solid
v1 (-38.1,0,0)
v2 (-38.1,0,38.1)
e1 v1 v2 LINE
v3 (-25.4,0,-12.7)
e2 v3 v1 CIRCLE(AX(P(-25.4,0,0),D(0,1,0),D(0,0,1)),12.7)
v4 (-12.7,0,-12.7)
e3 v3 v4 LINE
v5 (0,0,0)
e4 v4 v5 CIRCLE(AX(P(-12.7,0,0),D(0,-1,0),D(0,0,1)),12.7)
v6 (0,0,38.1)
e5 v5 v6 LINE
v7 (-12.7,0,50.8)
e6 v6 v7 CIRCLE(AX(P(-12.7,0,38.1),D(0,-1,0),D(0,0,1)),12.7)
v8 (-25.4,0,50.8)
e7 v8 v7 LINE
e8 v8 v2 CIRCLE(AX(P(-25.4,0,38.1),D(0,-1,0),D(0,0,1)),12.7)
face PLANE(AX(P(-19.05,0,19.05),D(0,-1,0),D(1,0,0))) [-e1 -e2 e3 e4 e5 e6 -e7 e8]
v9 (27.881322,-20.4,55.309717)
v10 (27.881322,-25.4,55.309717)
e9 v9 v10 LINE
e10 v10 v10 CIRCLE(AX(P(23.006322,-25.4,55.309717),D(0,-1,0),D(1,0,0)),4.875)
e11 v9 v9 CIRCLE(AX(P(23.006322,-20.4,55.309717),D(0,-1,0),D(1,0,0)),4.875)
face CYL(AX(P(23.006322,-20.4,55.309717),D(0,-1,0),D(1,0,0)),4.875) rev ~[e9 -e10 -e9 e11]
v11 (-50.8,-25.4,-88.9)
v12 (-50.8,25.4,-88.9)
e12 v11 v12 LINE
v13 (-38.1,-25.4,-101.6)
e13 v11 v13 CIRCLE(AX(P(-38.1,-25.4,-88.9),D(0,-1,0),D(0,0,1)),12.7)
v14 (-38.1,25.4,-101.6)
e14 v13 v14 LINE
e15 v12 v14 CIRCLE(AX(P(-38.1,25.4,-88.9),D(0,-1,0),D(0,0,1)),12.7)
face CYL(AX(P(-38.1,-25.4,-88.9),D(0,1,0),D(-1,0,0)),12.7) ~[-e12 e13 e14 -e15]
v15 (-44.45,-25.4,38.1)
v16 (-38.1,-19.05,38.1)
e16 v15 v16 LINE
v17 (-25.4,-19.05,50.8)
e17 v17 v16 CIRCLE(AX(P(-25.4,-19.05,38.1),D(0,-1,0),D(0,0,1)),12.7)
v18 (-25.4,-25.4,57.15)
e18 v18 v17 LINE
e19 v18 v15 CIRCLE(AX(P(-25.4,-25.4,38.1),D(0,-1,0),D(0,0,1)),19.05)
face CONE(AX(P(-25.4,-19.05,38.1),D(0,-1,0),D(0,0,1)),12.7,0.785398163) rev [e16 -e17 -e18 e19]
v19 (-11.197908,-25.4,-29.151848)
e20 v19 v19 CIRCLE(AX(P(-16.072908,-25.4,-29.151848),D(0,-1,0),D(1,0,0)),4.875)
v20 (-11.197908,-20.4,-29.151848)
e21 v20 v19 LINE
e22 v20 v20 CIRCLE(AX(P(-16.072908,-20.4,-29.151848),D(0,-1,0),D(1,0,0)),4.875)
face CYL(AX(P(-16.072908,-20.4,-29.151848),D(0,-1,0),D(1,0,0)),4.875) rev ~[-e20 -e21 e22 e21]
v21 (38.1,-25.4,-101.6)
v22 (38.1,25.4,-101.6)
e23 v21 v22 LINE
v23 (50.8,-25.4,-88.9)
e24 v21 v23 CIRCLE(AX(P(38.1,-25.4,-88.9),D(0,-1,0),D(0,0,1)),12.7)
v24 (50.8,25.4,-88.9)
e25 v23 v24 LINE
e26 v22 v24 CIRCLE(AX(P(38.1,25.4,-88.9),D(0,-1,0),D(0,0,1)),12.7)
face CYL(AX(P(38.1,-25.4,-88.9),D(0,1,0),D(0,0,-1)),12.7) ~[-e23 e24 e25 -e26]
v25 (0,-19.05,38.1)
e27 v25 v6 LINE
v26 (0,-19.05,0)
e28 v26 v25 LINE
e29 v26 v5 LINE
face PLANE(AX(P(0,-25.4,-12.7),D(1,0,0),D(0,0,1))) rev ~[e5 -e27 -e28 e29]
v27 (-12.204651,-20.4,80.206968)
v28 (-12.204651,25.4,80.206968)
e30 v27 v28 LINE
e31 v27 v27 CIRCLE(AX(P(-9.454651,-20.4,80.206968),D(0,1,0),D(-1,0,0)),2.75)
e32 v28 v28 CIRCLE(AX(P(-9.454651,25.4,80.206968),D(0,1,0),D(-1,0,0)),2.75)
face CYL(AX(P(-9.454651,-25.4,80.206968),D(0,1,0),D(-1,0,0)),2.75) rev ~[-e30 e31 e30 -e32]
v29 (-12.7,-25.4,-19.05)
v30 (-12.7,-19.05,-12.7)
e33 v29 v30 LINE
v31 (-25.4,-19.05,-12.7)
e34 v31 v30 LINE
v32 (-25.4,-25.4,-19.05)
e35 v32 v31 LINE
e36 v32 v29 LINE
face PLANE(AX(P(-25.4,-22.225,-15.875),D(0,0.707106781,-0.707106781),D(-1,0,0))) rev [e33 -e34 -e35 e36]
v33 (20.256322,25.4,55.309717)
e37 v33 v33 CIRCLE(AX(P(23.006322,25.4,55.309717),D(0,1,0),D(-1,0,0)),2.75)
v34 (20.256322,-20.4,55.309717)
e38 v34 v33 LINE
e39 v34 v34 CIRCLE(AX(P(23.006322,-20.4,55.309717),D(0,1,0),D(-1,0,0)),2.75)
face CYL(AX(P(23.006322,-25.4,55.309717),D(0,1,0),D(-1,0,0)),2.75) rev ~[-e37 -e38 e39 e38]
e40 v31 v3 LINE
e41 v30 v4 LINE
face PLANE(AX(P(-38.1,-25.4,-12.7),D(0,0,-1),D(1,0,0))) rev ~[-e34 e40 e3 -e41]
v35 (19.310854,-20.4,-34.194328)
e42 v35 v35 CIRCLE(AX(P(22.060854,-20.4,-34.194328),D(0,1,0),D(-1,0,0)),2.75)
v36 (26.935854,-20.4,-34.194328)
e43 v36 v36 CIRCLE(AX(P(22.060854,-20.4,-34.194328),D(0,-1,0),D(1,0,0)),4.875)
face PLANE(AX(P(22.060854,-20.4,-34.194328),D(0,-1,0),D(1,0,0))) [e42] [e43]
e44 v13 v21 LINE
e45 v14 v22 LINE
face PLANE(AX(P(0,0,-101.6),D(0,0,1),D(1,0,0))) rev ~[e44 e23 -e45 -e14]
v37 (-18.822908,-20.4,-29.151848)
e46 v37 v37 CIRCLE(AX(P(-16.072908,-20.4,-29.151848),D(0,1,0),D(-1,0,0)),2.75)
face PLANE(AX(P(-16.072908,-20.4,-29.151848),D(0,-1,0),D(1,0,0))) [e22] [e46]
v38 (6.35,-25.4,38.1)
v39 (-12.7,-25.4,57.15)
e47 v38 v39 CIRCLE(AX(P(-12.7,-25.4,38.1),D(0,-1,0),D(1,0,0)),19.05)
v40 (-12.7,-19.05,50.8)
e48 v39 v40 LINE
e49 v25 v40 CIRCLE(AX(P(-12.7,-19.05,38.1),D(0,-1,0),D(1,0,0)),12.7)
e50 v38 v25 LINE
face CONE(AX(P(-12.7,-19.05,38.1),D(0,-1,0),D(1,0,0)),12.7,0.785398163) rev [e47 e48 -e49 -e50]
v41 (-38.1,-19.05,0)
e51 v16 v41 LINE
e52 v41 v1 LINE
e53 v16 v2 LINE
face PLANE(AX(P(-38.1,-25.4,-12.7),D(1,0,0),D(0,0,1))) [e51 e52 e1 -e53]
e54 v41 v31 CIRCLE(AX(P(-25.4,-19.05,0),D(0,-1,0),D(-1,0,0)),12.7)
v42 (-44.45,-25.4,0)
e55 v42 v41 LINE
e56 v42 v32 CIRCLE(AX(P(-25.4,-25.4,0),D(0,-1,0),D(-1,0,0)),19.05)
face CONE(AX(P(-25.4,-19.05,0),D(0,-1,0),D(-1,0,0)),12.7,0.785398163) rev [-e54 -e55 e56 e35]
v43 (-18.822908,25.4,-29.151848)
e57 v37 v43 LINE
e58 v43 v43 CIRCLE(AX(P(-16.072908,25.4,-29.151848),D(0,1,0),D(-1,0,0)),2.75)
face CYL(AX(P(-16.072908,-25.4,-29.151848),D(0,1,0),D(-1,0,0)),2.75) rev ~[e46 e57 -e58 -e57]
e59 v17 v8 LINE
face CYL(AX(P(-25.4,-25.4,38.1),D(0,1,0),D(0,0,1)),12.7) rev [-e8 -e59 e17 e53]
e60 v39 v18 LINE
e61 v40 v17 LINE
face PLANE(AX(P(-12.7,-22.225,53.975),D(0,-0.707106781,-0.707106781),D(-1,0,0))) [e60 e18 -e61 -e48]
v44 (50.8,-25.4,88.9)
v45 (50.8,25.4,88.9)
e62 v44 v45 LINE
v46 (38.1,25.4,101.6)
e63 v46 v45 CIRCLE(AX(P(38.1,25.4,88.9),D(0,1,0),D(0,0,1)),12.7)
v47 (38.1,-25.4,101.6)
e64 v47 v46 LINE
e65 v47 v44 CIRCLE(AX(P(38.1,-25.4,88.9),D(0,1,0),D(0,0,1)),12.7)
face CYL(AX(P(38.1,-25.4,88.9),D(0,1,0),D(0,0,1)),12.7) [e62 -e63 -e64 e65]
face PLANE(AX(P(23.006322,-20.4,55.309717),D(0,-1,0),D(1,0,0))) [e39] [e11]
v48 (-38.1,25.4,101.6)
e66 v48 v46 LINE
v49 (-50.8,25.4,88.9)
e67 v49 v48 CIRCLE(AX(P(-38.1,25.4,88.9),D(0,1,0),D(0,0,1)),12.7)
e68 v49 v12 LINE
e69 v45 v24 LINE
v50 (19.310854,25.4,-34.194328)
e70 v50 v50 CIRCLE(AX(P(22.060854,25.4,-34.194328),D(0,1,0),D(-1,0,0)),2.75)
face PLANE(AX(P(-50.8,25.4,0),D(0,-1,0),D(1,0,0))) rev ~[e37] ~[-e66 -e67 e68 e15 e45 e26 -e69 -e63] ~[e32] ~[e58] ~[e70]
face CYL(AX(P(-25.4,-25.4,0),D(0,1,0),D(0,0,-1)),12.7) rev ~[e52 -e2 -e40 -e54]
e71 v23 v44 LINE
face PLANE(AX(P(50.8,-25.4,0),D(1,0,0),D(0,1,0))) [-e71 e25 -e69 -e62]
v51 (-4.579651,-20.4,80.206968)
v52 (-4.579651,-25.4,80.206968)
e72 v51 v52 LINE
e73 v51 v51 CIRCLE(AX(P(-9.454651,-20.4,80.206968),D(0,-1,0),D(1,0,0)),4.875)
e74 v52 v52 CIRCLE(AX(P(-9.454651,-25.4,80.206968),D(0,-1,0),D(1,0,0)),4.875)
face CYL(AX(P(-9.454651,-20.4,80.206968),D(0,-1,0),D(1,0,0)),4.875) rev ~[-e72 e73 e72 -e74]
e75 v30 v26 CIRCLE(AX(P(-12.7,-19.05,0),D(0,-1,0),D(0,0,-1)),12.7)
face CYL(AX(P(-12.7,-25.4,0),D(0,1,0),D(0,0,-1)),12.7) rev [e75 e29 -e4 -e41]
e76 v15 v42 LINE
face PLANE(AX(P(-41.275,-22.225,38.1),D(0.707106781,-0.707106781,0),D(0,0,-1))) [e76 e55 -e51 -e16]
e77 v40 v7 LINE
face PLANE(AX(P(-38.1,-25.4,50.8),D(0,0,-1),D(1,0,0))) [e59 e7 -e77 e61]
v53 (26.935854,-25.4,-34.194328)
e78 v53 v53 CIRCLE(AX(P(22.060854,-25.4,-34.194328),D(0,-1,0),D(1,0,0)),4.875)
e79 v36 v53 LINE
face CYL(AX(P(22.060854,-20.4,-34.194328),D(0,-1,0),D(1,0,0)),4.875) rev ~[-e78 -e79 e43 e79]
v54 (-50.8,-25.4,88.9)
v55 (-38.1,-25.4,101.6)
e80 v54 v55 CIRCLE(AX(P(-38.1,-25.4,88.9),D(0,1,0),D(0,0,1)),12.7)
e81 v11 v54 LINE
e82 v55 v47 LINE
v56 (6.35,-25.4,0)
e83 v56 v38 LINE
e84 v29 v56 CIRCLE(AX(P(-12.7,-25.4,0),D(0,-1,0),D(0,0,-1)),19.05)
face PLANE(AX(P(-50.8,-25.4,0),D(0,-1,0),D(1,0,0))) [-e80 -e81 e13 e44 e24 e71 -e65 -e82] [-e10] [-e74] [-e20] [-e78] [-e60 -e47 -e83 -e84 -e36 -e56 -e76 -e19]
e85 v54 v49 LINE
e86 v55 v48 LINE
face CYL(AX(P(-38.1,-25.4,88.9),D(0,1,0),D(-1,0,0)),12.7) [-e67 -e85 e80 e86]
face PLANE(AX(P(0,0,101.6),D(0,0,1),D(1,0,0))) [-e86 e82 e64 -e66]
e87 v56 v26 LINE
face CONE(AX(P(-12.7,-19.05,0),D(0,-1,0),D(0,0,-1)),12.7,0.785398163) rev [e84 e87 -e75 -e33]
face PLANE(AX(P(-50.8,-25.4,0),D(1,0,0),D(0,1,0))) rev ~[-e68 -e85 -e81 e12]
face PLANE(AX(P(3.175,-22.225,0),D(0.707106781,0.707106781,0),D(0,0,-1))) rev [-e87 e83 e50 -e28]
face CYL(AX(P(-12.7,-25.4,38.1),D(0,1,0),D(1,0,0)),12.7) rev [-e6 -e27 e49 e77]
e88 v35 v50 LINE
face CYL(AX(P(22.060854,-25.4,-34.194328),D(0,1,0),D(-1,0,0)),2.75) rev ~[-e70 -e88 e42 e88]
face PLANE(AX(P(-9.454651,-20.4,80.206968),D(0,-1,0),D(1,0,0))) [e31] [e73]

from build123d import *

# Parameters (mm, degrees)
F0_W           = 101.6
F0_H           = 50.8
F1_DEPTH       = 101.6
F3_D           = 5.5
F3_CBORE_D     = 9.75
F3_CBORE_DEPTH = 5
F4_R           = 12.7
F5_W           = 38.1
F5_H           = 63.5
F6_DEPTH       = 25.4
F7_R           = 12.7
F8_SIZE        = 6.35


with BuildPart() as f1:
    # F0 (on Top) → F1 (new body, symmetric)
    with BuildSketch(Plane.XY):
        Rectangle(F0_W, F0_H)
    extrude(amount=F1_DEPTH, both=True)

    # F3 (through all)
    with Locations(Plane.XZ.offset(25.4)):
        with Locations((-9.4546508044, 80.2069678903), (23.0063218623, 55.3097166121), (-16.0729084164, -29.151847586), (22.0608543605, -34.1943278909)):
            CounterBoreHole(F3_D / 2, F3_CBORE_D / 2, F3_CBORE_DEPTH)

    # F4
    f4_edges = [f1.edges().sort_by_distance(p)[0] for p in [
        (-50.8, 0, 101.6),
        (50.8, 0, 101.6),
        (-50.8, 0, -101.6),
        (50.8, 0, -101.6),
    ]]
    fillet(f4_edges, radius=F4_R)

    # F5 (on face) → F6 (cut)
    with BuildSketch(Plane.XZ.offset(25.4)):
        with Locations((-19.05, 19.05)):
            Rectangle(F5_W, F5_H)
    extrude(amount=-F6_DEPTH, mode=Mode.SUBTRACT)

    # F7
    f7_edges = [f1.edges().sort_by_distance(p)[0] for p in [
        (0, -12.7, 50.8),
        (-38.1, -12.7, 50.8),
        (-38.1, -12.7, -12.7),
        (0, -12.7, -12.7),
    ]]
    fillet(f7_edges, radius=F7_R)

    # F8
    f8_edges = [f1.edges().sort_by_distance(p)[0] for p in [
        (-34.380256, -25.4, 47.080256),
    ]]
    chamfer(f8_edges, length=F8_SIZE)


solid = f1.part
